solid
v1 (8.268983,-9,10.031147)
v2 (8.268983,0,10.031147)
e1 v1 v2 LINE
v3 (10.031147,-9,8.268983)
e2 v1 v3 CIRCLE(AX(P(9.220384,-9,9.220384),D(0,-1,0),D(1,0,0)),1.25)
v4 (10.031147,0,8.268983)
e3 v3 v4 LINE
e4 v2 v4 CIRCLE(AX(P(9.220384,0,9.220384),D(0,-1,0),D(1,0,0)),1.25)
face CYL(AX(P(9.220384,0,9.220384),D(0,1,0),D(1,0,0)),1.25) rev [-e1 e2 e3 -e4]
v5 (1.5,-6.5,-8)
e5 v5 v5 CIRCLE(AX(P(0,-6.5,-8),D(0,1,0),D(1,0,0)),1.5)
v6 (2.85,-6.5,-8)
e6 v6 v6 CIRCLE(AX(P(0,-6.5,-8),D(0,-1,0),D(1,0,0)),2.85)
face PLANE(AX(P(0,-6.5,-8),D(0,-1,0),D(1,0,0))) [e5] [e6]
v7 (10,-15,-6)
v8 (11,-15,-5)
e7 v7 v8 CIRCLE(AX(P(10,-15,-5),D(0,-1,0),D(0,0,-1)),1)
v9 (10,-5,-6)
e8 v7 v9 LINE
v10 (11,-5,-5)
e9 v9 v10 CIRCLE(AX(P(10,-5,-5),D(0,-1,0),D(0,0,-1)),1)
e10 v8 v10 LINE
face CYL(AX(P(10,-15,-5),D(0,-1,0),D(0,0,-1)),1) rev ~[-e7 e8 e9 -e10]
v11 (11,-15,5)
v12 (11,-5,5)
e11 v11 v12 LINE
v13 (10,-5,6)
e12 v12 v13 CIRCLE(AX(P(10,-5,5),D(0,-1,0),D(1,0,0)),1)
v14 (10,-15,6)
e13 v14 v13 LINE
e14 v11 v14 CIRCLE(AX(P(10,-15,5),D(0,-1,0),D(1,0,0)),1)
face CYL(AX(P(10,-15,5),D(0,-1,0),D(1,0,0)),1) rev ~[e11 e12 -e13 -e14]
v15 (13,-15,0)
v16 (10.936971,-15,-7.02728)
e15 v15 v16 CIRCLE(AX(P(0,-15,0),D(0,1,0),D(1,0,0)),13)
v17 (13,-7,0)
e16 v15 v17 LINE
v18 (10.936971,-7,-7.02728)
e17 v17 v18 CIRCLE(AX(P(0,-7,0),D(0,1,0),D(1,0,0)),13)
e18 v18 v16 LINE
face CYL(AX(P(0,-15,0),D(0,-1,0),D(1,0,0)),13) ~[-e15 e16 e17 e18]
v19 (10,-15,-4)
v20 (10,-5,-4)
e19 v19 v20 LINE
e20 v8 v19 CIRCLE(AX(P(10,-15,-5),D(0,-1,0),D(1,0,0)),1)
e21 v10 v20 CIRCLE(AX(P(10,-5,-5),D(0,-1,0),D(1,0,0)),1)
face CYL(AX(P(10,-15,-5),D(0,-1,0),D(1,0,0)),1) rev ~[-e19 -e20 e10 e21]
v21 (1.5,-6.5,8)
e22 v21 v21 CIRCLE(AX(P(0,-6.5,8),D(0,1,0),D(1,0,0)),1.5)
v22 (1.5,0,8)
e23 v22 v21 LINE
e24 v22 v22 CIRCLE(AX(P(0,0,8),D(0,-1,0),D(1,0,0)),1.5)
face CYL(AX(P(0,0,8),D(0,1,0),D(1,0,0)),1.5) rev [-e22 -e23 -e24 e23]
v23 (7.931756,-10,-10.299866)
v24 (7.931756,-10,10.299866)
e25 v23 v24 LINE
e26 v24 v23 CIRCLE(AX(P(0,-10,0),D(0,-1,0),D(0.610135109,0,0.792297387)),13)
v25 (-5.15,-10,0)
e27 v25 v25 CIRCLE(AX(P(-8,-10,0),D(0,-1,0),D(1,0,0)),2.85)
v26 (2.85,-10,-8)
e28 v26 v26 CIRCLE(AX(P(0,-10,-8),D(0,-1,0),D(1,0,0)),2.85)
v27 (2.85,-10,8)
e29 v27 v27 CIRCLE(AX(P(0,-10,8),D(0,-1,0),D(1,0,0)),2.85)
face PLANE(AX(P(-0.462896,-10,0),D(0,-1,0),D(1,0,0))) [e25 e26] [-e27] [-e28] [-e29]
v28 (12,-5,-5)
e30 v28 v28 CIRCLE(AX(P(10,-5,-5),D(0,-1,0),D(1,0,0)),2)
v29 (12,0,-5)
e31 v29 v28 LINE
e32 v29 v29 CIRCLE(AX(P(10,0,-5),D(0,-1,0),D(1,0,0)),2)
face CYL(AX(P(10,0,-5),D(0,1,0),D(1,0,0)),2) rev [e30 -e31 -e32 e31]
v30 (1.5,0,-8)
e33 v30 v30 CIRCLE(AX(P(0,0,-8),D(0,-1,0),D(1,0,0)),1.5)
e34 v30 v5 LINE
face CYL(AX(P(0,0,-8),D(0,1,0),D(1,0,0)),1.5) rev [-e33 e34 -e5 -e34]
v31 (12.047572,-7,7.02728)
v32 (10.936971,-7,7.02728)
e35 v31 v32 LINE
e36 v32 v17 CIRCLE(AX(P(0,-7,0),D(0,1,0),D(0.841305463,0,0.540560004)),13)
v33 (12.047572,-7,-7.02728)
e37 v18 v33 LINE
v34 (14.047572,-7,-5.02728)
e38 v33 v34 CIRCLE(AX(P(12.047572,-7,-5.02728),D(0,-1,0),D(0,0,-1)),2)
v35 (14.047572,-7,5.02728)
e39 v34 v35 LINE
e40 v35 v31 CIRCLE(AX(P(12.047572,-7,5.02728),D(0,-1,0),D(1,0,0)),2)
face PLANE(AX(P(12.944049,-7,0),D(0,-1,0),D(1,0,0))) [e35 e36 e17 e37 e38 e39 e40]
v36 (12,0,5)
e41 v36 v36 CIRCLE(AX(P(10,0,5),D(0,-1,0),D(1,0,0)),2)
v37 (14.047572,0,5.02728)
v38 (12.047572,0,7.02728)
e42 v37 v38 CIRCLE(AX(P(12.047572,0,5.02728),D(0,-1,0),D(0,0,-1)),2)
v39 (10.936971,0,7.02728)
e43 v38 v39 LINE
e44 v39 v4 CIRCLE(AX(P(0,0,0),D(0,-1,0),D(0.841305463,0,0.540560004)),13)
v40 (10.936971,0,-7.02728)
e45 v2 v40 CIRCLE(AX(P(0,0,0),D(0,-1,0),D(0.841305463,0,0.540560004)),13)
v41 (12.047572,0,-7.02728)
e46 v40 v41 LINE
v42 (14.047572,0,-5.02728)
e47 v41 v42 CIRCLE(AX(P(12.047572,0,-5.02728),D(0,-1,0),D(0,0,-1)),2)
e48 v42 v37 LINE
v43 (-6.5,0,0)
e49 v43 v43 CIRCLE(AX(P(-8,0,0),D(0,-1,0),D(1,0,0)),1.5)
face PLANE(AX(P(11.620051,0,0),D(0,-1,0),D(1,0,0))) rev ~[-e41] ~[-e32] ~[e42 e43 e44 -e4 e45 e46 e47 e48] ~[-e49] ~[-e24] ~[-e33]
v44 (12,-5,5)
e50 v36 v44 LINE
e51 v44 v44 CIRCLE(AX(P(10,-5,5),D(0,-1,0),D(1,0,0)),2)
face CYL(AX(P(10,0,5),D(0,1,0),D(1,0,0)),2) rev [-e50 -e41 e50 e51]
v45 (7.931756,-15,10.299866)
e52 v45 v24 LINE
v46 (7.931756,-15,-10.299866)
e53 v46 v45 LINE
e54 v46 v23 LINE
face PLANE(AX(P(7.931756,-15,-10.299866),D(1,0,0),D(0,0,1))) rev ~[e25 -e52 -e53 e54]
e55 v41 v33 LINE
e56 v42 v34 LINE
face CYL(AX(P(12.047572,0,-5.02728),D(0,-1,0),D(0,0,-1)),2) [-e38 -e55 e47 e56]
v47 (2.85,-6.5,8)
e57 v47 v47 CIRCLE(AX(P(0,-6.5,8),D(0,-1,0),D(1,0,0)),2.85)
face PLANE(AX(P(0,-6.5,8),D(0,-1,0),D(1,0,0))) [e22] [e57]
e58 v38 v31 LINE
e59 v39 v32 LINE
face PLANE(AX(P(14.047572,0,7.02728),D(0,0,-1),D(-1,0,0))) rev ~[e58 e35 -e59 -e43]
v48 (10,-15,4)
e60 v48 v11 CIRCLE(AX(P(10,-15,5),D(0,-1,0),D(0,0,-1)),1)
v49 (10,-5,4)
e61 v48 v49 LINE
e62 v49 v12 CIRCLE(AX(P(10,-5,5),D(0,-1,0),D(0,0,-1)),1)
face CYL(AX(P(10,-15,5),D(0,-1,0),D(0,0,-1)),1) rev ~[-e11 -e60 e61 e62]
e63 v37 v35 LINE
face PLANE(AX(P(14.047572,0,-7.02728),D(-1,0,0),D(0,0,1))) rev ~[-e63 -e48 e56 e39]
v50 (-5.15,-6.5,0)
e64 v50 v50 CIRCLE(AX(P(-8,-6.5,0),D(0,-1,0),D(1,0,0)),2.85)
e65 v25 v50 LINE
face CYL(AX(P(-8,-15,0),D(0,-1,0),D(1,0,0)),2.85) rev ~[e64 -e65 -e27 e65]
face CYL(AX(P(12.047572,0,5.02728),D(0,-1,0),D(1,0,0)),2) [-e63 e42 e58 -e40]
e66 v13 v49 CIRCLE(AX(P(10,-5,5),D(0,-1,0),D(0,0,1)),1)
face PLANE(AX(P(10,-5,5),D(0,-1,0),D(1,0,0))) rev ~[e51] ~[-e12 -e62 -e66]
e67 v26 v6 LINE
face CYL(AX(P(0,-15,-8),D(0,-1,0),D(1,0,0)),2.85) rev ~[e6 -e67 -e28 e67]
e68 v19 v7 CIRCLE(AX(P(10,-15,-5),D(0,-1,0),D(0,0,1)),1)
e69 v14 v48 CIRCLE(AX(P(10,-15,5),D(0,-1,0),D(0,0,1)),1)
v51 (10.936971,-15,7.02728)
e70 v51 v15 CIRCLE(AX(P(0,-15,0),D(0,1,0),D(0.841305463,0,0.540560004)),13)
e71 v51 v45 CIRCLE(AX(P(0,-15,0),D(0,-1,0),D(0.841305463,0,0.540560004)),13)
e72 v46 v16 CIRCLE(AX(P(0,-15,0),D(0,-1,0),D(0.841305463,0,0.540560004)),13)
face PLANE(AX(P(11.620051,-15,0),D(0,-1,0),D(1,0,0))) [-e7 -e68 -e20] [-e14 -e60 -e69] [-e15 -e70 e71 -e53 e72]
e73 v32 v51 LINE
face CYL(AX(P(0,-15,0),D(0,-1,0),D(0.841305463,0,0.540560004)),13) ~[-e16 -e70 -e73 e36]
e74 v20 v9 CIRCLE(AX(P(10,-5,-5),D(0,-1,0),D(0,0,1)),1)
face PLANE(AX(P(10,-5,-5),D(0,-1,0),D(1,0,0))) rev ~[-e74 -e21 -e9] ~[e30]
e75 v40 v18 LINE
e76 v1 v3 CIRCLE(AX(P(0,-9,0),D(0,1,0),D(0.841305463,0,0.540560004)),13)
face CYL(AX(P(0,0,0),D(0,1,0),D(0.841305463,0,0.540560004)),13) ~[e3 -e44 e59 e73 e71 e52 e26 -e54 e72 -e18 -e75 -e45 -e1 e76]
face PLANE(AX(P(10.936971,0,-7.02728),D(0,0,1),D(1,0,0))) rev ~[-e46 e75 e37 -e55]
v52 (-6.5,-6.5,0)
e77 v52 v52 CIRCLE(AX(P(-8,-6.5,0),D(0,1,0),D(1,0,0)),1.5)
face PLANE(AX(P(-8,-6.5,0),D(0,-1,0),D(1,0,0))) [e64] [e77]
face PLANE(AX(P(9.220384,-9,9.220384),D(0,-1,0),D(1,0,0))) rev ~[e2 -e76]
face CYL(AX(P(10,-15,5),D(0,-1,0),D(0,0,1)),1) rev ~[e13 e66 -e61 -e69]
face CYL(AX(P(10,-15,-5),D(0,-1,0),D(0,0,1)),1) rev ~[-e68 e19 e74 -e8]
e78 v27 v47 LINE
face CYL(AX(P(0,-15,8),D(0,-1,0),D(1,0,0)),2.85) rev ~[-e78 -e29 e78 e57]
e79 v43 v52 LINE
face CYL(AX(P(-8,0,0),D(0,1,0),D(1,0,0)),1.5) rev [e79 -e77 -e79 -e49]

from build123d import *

# Parameters (mm, degrees)
F0_R      = 1.5
F1_DEPTH  = 15
F4_DEPTH  = 15
F5_R      = 2
F6_DEPTH  = 5
F7_R      = 2.85
F8_DEPTH  = 8.5
F9_R      = 2
F10_R     = 1.25
F11_DEPTH = 9
F13_DEPTH = 8
F14_R     = 2.85
F15_DEPTH = 5


with BuildPart() as f1:
    # F0 (on Front) → F1 (new body)
    with BuildSketch(Plane.XZ):
        with BuildLine():
            ThreePointArc((10.9369710195, -7.0272800513), (12.473584554, -3.6619241354), (13, 0))
            ThreePointArc((13, 0), (12.473584554, 3.6619241354), (10.9369710195, 7.0272800513))
            Line((10.9369710195, 7.0272800513), (10.9369710195, -7.0272800513))
        make_face()
        with BuildLine():
            ThreePointArc((10.9369710195, 7.0272800513), (12.473584554, 3.6619241354), (13, 0))
            ThreePointArc((13, 0), (12.473584554, -3.6619241354), (10.9369710195, -7.0272800513))
            Line((10.9369710195, -7.0272800513), (14.0475723892, -7.0272800513))
            Line((14.0475723892, -7.0272800513), (14.0475723892, 7.0272800513))
            Line((14.0475723892, 7.0272800513), (10.9369710195, 7.0272800513))
        make_face()
        with BuildLine():
            Line((10.9369710195, -7.0272800513), (10.9369710195, 7.0272800513))
            ThreePointArc((10.9369710195, 7.0272800513), (-13, 0), (10.9369710195, -7.0272800513))
        make_face()
        with Locations((0, -8)):
            Circle(F0_R, mode=Mode.SUBTRACT)
        with Locations((-8, 0)):
            Circle(F0_R, mode=Mode.SUBTRACT)
        with Locations((0, 8)):
            Circle(F0_R, mode=Mode.SUBTRACT)
    extrude(amount=F1_DEPTH)

    # F3 (on face) → F4 (cut)
    with BuildSketch(Plane.XZ.offset(15)):
        with BuildLine():
            ThreePointArc((11, 5), (10.7071067812, 5.7071067812), (10, 6))
            Line((10, 6), (10, 4))
            ThreePointArc((10, 4), (10.7071067812, 4.2928932188), (11, 5))
        make_face()
        with BuildLine():
            ThreePointArc((11, -5), (10.7071067812, -4.2928932188), (10, -4))
            Line((10, -4), (10, -6))
            ThreePointArc((10, -6), (10.7071067812, -5.7071067812), (11, -5))
        make_face()
        with BuildLine():
            Line((10, -6), (10, -4))
            ThreePointArc((10, -4), (9, -5), (10, -6))
        make_face()
        with BuildLine():
            Line((10, 4), (10, 6))
            ThreePointArc((10, 6), (9, 5), (10, 4))
        make_face()
    extrude(amount=-F4_DEPTH, mode=Mode.SUBTRACT)

    # F5 (on face) → F6 (cut)
    with BuildSketch(Plane.XZ):
        with Locations((10, 5)):
            Circle(F5_R)
        with Locations((10, -5)):
            Circle(F5_R)
    extrude(amount=F6_DEPTH, mode=Mode.SUBTRACT)

    # F7 (on face) → F8 (cut)
    with BuildSketch(Plane.XZ.offset(15)):
        with Locations((0, 8)):
            Circle(F7_R)
        with Locations((0, -8)):
            Circle(F7_R)
        with Locations((-8, 0)):
            Circle(F7_R)
    extrude(amount=-F8_DEPTH, mode=Mode.SUBTRACT)

    # F9
    f9_edges = [f1.edges().sort_by_distance(p)[0] for p in [
        (14.047572, -7.5, 7.02728),
        (14.047572, -7.5, -7.02728),
    ]]
    fillet(f9_edges, radius=F9_R)

    # F10 (on face) → F11 (cut)
    with BuildSketch(Plane.XZ):
        with Locations((9.2203840613, 9.2203840613)):
            Circle(F10_R)
    extrude(amount=F11_DEPTH, mode=Mode.SUBTRACT)

    # F12 (on face) → F13 (cut)
    with BuildSketch(Plane.XZ.offset(15)):
        with BuildLine():
            ThreePointArc((10.9369710195, 7.0272800513), (12.473584554, 3.6619241354), (13, 0))
            ThreePointArc((13, 0), (12.473584554, -3.6619241354), (10.9369710195, -7.0272800513))
            Line((10.9369710195, -7.0272800513), (12.0475723892, -7.0272800513))
            ThreePointArc((12.0475723892, -7.0272800513), (13.4617859516, -6.4414936136), (14.0475723892, -5.0272800513))
            Line((14.0475723892, -5.0272800513), (14.0475723892, 5.0272800513))
            ThreePointArc((14.0475723892, 5.0272800513), (13.4617859516, 6.4414936136), (12.0475723892, 7.0272800513))
            Line((12.0475723892, 7.0272800513), (10.9369710195, 7.0272800513))
        make_face()
    extrude(amount=-F13_DEPTH, mode=Mode.SUBTRACT)

    # F14 (on face) → F15 (cut)
    with BuildSketch(Plane.XZ.offset(15)):
        with BuildLine():
            Line((7.9317564177, -10.2998660248), (7.9317564177, 10.2998660248))
            ThreePointArc((7.9317564177, 10.2998660248), (-13, 0), (7.9317564177, -10.2998660248))
        make_face()
        with Locations((0, -8)):
            Circle(F14_R, mode=Mode.SUBTRACT)
        with Locations((-8, 0)):
            Circle(F14_R, mode=Mode.SUBTRACT)
        with Locations((0, 8)):
            Circle(F14_R, mode=Mode.SUBTRACT)
    extrude(amount=-F15_DEPTH, mode=Mode.SUBTRACT)


solid = f1.part
